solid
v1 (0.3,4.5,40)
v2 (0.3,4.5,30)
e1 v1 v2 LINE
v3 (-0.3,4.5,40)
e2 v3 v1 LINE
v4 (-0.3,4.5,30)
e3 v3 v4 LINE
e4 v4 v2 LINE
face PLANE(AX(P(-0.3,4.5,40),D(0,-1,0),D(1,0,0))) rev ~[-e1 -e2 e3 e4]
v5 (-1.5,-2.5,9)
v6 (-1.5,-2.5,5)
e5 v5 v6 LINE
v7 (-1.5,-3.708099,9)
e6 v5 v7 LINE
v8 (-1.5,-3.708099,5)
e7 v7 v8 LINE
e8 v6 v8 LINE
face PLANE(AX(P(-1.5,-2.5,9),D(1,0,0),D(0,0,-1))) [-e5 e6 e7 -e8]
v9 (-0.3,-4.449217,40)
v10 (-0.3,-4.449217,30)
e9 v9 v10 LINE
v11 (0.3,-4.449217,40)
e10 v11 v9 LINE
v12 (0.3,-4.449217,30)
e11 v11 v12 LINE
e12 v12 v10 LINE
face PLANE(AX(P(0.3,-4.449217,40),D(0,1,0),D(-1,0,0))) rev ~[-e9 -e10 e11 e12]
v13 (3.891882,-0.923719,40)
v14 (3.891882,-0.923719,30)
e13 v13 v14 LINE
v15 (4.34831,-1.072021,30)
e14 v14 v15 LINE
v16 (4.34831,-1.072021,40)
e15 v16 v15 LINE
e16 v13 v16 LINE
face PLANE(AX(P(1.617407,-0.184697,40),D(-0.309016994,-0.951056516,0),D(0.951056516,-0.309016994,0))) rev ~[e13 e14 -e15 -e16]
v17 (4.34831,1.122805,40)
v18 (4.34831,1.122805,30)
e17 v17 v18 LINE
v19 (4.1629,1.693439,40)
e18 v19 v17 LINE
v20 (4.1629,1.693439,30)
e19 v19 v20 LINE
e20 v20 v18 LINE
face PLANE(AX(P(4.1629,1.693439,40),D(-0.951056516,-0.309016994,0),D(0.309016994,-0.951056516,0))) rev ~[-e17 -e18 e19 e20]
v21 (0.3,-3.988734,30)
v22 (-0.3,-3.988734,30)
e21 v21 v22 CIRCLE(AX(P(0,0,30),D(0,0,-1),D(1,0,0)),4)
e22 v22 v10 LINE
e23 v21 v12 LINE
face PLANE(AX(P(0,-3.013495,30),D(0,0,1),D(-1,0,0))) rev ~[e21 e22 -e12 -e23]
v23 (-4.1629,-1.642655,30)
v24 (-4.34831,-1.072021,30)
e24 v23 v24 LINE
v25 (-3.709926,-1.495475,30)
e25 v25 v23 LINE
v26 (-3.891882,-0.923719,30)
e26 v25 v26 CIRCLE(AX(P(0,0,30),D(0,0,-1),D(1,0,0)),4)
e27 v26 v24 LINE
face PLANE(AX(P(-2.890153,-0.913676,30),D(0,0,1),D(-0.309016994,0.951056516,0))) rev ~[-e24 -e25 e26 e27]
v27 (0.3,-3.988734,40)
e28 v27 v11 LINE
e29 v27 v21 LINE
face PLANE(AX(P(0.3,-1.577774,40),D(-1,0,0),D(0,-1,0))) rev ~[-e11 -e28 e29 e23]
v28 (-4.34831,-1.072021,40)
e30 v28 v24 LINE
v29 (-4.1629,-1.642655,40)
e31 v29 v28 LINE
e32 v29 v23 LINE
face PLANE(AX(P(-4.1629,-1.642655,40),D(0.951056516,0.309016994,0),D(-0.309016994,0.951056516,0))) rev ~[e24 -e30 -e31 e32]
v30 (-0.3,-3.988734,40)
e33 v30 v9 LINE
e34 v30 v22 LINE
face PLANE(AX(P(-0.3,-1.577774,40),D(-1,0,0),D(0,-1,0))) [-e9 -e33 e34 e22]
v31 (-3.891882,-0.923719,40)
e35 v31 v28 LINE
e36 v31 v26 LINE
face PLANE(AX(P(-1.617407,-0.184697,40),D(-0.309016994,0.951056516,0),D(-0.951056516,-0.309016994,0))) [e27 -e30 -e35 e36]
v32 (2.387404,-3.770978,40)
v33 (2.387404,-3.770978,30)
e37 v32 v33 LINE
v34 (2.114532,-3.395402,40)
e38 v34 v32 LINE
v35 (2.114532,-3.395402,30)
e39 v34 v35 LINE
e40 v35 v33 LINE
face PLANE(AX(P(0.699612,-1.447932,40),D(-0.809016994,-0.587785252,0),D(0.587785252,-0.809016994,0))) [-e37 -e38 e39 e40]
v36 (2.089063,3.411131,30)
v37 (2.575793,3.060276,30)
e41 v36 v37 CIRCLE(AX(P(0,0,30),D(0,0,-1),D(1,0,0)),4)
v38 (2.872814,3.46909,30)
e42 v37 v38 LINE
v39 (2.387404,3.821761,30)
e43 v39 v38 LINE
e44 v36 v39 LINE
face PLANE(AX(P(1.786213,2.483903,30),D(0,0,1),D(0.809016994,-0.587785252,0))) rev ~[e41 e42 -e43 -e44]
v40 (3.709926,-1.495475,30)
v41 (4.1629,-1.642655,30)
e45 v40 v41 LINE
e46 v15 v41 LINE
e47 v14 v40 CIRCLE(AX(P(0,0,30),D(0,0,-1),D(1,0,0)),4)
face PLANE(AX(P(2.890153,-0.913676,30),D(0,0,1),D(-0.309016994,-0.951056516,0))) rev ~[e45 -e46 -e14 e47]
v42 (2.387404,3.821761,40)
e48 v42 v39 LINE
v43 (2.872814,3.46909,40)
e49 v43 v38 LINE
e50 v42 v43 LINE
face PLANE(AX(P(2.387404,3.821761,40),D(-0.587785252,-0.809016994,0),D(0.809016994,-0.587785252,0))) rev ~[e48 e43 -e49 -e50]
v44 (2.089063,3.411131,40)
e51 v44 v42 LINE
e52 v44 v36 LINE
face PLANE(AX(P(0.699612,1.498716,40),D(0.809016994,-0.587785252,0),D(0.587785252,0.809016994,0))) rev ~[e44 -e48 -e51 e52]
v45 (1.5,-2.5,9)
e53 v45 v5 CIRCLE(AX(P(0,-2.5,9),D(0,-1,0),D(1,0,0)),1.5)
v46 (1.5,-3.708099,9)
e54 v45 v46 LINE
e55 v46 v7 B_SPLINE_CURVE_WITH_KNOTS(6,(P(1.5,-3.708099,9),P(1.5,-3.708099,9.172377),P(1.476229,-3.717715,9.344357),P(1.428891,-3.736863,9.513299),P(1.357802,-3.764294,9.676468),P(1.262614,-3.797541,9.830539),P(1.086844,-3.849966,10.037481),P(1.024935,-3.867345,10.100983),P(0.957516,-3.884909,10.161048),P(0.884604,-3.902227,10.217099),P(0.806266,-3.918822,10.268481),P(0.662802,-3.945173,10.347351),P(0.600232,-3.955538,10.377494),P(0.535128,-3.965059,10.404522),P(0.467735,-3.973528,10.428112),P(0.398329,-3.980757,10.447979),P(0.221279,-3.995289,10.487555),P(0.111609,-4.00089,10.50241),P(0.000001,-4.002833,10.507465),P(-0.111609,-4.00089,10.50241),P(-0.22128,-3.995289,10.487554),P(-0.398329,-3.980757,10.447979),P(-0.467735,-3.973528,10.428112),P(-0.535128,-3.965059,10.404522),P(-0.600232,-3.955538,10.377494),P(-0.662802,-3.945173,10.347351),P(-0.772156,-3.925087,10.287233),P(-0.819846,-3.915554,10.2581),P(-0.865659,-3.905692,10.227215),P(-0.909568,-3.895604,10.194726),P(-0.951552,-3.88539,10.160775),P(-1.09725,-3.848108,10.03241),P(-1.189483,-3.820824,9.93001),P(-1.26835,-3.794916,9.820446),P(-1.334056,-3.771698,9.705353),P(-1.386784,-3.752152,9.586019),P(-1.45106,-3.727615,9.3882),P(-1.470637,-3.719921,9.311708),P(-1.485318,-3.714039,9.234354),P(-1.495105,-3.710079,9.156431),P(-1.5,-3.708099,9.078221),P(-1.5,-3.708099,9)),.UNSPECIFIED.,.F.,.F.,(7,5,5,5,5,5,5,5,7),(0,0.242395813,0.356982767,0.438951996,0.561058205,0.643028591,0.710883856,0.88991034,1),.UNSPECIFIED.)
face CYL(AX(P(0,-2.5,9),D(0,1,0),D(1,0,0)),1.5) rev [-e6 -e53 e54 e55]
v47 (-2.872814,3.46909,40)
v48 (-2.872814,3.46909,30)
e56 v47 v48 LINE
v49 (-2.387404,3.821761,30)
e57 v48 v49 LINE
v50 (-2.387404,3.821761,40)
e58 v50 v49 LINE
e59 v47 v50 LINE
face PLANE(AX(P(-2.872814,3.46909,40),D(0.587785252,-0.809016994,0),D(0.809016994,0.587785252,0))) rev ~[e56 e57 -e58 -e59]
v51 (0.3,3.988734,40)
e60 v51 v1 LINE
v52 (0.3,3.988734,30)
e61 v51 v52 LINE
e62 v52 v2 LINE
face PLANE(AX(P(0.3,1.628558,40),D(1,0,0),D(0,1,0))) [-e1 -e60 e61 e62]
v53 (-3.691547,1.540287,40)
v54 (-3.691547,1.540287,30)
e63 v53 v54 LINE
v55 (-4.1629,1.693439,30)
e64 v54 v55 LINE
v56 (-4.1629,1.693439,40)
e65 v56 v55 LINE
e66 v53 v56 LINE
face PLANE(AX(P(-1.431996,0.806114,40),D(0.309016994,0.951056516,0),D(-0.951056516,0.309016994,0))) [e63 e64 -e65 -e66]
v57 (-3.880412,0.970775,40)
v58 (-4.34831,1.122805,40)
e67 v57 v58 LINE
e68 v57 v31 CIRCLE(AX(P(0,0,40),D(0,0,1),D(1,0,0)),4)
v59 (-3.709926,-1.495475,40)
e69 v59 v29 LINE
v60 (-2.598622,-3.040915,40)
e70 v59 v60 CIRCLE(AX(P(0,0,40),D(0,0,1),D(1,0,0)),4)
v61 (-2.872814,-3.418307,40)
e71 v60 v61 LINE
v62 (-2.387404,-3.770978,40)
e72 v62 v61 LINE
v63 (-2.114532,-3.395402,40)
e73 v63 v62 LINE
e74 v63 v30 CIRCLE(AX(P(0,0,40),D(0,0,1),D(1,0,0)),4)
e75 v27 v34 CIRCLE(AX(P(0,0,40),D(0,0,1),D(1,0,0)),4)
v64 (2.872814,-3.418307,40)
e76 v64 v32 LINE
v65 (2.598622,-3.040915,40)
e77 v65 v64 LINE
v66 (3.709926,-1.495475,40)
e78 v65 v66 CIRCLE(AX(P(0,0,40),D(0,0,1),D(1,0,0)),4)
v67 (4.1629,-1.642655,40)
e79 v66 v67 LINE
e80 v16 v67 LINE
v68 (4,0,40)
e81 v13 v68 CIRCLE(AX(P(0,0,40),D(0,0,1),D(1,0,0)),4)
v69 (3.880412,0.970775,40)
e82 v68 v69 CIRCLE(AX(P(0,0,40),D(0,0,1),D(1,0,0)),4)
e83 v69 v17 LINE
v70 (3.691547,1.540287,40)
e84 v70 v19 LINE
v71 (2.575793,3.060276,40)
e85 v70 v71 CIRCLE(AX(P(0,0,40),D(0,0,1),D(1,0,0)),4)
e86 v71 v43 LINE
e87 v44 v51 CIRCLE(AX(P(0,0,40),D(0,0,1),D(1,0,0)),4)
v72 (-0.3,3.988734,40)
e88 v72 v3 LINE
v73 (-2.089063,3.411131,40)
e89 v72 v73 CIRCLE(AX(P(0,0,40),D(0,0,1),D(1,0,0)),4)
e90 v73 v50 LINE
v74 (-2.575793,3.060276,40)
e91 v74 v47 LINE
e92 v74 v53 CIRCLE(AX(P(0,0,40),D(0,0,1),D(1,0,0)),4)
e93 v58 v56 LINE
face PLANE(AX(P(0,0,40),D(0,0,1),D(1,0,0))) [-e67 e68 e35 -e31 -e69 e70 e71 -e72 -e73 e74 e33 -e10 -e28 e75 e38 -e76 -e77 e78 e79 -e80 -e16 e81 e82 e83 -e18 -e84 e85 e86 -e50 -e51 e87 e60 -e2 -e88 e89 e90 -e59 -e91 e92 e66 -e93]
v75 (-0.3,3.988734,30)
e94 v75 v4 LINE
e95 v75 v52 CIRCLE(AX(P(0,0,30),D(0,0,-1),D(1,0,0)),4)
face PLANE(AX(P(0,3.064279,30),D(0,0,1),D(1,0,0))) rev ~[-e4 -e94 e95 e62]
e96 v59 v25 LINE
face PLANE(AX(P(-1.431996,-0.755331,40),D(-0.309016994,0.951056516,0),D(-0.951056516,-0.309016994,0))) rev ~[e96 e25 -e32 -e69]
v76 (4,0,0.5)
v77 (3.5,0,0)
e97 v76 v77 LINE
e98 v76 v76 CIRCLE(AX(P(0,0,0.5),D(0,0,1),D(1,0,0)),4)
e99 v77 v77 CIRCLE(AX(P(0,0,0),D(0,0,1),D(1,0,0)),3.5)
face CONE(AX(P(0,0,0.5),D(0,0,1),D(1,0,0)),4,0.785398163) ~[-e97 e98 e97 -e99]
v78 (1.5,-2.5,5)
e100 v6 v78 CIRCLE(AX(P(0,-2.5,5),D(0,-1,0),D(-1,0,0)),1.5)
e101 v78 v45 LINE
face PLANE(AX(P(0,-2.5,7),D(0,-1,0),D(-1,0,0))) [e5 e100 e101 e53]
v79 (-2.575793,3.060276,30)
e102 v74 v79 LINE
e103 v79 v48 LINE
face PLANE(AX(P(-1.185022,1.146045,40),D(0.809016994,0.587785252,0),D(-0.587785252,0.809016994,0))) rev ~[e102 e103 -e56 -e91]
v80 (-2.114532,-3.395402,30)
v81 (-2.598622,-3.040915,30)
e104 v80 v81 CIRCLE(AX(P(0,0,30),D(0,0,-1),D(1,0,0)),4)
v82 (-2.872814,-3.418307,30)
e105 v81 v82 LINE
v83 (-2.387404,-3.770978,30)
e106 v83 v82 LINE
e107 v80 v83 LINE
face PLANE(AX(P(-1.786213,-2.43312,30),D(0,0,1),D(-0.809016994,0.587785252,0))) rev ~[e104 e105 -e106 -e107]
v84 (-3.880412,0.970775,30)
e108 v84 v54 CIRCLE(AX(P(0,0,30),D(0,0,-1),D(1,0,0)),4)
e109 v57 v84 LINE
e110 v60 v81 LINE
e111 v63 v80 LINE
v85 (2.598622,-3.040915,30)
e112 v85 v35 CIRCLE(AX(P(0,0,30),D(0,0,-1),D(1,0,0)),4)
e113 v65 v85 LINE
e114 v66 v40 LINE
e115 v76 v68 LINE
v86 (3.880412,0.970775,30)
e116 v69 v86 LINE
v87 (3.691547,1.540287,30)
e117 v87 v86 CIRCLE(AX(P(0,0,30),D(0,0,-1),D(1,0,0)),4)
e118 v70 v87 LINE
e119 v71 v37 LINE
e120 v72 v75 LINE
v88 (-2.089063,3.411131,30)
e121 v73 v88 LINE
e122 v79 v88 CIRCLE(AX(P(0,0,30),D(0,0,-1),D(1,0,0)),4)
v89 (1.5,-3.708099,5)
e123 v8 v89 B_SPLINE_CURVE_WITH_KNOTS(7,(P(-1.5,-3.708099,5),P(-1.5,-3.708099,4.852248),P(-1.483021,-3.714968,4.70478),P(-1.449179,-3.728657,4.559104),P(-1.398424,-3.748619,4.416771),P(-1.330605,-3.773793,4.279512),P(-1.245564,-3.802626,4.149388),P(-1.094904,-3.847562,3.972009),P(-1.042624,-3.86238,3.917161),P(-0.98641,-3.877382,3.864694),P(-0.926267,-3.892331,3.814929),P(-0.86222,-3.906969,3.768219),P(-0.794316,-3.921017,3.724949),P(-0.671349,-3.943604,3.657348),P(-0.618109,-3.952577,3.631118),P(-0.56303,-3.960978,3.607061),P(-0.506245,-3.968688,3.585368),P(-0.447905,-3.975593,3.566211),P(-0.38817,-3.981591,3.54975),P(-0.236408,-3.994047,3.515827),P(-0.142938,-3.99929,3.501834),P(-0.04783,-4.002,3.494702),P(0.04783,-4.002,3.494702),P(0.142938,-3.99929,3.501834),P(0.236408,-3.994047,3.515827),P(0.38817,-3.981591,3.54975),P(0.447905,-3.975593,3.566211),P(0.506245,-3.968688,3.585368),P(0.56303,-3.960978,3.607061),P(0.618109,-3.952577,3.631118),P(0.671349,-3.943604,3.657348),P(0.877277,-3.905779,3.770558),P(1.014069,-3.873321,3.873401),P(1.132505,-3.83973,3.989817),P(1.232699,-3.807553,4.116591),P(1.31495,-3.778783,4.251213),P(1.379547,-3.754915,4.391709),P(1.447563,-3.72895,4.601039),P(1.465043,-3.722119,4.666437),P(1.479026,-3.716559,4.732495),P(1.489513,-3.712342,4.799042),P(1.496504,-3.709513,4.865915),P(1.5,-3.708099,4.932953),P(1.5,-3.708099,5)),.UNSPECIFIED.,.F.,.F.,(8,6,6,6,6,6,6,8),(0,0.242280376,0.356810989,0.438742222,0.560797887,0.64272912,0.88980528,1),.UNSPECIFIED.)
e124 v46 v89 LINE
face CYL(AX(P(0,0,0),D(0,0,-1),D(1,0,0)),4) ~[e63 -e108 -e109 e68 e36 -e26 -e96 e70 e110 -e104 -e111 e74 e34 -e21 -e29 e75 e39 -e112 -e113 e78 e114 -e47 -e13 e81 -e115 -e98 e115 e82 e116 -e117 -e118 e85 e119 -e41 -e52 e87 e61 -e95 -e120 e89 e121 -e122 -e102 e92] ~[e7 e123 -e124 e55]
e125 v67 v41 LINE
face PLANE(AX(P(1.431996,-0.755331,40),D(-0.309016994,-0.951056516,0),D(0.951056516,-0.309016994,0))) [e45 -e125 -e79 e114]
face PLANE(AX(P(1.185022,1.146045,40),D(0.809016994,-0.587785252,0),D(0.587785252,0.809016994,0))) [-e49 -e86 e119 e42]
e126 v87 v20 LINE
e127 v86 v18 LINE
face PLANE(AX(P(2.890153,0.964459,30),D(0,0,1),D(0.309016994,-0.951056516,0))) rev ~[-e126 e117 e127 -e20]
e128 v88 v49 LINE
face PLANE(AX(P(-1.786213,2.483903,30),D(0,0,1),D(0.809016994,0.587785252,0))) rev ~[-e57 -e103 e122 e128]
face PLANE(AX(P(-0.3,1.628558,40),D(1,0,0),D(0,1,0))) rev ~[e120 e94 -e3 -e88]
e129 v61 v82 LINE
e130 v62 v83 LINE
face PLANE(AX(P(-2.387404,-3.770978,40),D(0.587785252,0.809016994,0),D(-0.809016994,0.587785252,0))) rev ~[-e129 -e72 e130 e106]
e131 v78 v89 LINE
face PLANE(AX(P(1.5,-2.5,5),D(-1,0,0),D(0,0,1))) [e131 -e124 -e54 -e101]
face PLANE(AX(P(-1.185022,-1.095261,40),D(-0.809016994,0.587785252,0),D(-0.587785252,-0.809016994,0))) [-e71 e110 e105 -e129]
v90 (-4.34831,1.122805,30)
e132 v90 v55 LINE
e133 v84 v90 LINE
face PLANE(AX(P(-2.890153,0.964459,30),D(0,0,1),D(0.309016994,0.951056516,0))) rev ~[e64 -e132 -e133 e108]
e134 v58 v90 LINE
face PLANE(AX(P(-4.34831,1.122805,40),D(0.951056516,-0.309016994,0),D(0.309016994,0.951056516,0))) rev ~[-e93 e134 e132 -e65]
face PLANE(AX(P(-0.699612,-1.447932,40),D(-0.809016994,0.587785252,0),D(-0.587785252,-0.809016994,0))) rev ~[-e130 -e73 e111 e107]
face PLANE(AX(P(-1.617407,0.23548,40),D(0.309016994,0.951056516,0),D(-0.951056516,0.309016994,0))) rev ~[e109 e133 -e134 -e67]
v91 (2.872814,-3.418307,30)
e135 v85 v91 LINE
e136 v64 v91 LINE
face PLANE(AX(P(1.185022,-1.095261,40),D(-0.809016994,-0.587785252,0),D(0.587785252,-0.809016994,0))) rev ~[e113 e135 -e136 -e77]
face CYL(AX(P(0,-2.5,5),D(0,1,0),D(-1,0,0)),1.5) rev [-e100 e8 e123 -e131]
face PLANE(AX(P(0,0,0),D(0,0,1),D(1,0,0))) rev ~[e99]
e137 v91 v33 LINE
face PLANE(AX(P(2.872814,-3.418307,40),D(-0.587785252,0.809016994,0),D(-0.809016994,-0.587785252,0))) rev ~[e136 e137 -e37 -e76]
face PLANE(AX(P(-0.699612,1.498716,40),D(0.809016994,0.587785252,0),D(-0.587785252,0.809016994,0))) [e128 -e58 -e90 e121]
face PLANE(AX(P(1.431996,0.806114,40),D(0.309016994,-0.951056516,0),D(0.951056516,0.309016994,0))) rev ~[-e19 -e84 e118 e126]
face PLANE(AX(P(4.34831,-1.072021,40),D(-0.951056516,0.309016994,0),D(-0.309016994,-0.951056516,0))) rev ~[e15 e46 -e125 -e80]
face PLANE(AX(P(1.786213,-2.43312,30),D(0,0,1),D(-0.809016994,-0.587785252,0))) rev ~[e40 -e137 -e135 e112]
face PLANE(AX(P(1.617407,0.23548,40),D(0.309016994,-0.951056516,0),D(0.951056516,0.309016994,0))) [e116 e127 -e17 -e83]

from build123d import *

# Parameters (mm, degrees)
SKETCH1_R           = 4
BOSS_EXTRUDE1_DEPTH = 40
CUT_EXTRUDE2_START  = -2.5
CUT_EXTRUDE2_DEPTH  = 38.898019753
SKETCH9_W           = 0.6
SKETCH9_H           = 2.871442339
BOSS_EXTRUDE2_DEPTH = 10
CIRPATTERN1_COUNT   = 10
CHAMFER1_SIZE       = 0.5


with BuildPart() as part:
    # Sketch1 → Boss-Extrude1 (new body)
    with BuildSketch(Plane.XY):
        Circle(SKETCH1_R)
    extrude(amount=BOSS_EXTRUDE1_DEPTH)

    # Sketch8 → Cut-Extrude2 (cut, through all)
    with BuildSketch(Plane(origin=(0, 0, 0), x_dir=(1, 0, 0), z_dir=(0, 1, 0)).offset(CUT_EXTRUDE2_START)):
        with BuildLine():
            Line((1.5, -5), (1.5, -9))
            ThreePointArc((1.5, -9), (0, -10.5), (-1.5, -9))
            Line((-1.5, -9), (-1.5, -5))
            ThreePointArc((-1.5, -5), (0, -3.5), (1.5, -5))
        make_face()
    extrude(amount=-CUT_EXTRUDE2_DEPTH, mode=Mode.SUBTRACT)

    # Sketch9 → Boss-Extrude2 (add)
    with BuildSketch(Plane.XY.offset(40)):
        with Locations((0, 3.064278831)):
            Rectangle(SKETCH9_W, SKETCH9_H)
    boss_extrude2 = extrude(amount=-BOSS_EXTRUDE2_DEPTH)

    # CirPattern1: Boss-Extrude2 ×10 about axis
    cirpattern1_axis = Axis((0, 0.025391685, 0), (0, 0, 1))
    for i in range(1, CIRPATTERN1_COUNT):
        add(boss_extrude2.rotate(cirpattern1_axis, i * 360 / CIRPATTERN1_COUNT))

    # Chamfer1
    chamfer1_edges = [part.edges().sort_by_distance(p)[0] for p in [
        (-4, 0, 0),
    ]]
    chamfer(chamfer1_edges, length=CHAMFER1_SIZE)


solid = part.part
